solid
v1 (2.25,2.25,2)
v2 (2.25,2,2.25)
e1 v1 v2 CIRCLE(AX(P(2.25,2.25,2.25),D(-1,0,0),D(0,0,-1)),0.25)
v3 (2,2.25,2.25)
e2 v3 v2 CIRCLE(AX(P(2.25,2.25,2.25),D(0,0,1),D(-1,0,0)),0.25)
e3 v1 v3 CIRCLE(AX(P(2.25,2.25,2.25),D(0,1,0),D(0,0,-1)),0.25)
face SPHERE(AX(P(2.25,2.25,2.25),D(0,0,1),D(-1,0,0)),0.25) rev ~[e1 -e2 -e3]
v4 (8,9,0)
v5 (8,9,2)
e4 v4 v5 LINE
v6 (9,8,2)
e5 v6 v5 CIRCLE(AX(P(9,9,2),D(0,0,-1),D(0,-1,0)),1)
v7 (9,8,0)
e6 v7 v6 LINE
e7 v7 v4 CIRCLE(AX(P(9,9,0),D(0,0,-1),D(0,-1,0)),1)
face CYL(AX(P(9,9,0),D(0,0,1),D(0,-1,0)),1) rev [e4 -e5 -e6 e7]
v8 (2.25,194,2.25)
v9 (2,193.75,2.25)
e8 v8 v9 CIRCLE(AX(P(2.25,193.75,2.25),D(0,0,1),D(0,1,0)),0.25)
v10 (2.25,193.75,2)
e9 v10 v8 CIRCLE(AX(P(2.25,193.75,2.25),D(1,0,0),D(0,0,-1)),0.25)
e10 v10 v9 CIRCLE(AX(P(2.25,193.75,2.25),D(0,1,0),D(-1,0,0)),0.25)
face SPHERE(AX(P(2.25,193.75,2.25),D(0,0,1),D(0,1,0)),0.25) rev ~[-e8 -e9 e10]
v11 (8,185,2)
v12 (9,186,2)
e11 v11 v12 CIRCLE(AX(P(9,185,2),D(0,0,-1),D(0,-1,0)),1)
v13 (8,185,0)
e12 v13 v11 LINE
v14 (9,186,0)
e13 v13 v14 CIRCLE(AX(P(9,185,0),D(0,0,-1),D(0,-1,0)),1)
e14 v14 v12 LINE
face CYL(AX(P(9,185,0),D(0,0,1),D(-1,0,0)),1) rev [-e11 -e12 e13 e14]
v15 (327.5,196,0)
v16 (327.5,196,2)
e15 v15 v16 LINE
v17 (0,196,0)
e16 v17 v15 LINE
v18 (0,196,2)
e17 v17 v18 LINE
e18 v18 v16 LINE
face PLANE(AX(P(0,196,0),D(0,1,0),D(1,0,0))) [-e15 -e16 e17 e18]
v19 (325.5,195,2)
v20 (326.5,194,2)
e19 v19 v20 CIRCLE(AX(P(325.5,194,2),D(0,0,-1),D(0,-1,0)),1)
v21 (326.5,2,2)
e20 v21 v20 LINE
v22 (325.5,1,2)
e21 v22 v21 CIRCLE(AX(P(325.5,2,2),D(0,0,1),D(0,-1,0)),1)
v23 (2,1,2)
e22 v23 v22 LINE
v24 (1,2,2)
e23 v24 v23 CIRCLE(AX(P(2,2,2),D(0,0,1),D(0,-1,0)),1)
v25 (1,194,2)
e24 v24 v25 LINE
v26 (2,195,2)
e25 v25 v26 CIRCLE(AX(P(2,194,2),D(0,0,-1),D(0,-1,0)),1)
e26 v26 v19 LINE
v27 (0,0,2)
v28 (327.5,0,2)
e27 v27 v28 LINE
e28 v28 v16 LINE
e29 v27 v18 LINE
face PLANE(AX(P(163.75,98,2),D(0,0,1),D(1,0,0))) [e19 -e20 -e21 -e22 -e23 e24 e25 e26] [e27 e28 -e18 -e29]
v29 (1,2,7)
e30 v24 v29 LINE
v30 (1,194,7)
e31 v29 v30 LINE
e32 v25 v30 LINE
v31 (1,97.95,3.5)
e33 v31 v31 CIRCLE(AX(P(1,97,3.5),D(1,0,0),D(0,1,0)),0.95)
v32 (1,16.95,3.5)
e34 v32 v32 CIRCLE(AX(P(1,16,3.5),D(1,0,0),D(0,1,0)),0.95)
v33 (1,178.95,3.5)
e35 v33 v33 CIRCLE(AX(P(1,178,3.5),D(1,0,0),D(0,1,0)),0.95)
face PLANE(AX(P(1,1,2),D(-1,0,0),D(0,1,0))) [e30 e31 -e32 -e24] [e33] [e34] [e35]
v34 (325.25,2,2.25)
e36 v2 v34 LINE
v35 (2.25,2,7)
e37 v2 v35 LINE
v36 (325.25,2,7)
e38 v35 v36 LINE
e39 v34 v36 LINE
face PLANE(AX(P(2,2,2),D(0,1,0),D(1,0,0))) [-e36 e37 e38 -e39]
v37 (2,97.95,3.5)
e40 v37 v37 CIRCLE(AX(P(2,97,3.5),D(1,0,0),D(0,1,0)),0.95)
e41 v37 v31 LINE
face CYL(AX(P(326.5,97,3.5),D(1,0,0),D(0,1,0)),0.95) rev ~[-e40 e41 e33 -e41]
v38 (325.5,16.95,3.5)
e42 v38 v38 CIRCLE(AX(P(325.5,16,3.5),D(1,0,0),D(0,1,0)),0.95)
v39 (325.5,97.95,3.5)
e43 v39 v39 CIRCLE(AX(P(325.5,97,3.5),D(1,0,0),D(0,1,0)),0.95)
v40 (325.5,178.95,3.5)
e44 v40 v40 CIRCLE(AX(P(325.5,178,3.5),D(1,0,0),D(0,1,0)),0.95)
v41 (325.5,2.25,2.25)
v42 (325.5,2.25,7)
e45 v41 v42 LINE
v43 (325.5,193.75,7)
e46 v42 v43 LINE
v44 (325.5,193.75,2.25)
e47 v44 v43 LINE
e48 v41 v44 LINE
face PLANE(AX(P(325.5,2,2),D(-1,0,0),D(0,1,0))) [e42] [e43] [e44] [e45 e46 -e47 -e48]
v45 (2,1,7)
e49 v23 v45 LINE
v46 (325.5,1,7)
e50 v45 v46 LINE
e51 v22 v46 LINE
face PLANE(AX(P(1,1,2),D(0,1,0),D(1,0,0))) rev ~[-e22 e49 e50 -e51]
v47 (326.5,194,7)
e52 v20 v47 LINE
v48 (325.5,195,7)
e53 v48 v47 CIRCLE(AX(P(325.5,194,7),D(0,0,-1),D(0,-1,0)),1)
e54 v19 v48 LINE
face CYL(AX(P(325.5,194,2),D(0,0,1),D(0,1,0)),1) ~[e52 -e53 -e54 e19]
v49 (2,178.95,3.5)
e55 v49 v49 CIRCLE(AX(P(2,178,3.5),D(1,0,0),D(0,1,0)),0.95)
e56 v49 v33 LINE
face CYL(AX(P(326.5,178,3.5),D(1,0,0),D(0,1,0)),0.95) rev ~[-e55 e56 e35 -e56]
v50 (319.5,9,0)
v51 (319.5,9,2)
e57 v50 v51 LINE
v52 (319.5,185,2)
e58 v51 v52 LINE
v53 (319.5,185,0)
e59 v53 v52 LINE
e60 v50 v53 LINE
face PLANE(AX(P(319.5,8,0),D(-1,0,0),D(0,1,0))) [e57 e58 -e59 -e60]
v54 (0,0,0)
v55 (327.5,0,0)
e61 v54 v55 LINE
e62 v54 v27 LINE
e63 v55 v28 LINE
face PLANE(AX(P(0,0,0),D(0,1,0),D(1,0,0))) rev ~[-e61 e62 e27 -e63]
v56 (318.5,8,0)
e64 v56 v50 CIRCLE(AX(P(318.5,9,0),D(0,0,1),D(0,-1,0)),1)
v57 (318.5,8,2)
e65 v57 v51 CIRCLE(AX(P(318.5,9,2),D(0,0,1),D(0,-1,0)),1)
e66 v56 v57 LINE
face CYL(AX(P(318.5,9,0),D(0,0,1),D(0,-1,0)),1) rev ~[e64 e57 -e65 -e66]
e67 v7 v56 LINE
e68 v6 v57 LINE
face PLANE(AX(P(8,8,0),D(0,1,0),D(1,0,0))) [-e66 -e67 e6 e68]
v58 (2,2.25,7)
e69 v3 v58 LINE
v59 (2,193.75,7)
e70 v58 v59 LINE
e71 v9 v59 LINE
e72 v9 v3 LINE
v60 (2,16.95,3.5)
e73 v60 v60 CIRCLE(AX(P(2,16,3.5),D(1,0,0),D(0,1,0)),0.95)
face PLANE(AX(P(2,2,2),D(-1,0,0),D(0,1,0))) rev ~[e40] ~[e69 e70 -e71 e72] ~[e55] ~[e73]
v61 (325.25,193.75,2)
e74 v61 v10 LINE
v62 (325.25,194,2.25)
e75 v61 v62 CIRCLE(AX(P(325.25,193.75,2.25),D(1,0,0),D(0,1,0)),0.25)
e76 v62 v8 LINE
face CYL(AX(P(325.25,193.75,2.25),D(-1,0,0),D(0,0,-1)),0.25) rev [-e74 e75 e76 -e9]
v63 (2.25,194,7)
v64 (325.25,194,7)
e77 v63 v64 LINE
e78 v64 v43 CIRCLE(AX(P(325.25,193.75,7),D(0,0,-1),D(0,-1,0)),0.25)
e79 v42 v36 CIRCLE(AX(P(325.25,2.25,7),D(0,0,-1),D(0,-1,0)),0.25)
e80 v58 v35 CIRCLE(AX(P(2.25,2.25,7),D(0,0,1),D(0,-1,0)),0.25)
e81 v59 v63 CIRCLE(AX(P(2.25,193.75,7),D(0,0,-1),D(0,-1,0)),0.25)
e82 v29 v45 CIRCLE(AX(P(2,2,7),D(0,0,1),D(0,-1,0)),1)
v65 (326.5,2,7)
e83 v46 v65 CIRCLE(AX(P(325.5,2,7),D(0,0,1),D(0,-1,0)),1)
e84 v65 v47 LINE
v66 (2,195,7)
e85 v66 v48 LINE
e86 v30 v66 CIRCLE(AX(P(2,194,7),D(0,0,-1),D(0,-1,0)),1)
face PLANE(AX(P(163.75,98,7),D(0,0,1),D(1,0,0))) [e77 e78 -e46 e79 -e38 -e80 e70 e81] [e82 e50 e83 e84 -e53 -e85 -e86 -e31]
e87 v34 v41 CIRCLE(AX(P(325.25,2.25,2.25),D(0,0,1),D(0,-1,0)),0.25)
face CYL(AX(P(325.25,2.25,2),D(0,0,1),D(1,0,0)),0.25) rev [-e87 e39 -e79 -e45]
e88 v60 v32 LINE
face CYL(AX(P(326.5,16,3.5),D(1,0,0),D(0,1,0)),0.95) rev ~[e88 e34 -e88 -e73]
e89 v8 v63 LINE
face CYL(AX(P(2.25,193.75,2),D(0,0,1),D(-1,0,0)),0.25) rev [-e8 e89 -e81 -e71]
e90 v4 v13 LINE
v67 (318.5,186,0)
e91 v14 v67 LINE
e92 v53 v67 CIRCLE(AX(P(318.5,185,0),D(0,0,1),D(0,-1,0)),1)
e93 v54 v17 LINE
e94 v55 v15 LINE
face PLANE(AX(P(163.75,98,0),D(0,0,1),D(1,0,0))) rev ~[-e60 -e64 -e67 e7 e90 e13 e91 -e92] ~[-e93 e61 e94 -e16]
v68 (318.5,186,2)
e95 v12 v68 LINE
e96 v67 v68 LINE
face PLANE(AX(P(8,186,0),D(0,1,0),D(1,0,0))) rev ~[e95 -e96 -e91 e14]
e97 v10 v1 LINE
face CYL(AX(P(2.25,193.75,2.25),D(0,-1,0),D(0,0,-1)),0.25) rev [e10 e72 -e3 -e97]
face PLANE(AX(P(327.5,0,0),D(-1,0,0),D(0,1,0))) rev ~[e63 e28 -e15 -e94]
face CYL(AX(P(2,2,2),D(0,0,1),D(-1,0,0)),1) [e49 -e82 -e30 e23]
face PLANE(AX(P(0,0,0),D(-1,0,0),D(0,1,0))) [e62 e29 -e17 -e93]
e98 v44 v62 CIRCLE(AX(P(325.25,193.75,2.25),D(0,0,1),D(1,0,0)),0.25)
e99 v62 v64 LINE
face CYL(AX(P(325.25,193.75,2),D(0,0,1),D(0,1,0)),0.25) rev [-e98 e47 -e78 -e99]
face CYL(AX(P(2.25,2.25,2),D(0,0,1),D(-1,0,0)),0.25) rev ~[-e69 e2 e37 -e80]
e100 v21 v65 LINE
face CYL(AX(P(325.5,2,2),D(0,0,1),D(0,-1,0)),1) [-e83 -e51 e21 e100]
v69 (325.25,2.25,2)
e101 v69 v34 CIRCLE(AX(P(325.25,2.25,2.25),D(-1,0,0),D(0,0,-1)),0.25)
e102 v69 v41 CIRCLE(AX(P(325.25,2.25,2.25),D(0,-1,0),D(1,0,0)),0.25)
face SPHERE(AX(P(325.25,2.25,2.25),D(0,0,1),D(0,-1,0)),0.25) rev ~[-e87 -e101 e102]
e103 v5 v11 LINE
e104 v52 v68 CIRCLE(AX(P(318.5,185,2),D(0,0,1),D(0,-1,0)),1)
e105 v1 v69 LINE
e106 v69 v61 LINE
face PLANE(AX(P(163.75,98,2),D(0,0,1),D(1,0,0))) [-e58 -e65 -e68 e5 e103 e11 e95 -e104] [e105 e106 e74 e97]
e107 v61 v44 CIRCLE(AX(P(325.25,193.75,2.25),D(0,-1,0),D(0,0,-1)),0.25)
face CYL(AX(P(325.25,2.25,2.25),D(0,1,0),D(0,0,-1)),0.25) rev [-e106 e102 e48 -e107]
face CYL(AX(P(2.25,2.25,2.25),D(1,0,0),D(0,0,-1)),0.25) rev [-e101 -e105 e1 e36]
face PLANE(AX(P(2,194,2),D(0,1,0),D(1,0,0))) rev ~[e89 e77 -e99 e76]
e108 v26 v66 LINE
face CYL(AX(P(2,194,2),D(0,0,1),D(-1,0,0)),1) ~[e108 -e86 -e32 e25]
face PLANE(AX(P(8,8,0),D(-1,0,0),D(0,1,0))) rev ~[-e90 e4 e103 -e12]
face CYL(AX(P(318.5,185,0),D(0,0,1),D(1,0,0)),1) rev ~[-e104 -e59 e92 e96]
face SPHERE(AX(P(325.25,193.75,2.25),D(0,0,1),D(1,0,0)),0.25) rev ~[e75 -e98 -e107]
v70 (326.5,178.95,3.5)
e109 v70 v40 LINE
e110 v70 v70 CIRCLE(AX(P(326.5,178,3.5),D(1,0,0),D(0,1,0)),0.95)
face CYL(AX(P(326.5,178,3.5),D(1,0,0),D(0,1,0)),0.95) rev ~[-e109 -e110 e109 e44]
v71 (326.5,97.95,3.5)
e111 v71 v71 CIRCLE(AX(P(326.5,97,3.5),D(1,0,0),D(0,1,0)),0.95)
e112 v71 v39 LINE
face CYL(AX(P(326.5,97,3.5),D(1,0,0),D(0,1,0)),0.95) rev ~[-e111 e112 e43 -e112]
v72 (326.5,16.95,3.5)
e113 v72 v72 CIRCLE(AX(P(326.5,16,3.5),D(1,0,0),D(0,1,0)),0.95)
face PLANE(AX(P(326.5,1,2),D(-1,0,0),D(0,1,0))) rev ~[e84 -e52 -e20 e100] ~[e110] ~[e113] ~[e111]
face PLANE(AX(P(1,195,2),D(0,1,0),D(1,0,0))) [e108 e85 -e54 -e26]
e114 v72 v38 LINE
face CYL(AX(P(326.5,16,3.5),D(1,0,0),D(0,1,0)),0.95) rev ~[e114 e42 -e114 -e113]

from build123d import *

# Parameters (mm, degrees)
SKETCH_W            = 327.5
SKETCH_H            = 196
SKETCH_W_2          = 311.5
SKETCH_H_2          = 178
PAD_DEPTH           = 2
SKETCH002_W         = 325.5
SKETCH002_H         = 194
SKETCH002_W_2       = 323.5
SKETCH002_H_2       = 192
PAD001_DEPTH        = 5
SKETCH005_R         = 0.95
POCKET_DEPTH        = 326.501
LINEARPATTERN_COUNT = 3
LINEARPATTERN_PITCH = 81
FILLET_R            = 0.25
FILLET001_R         = 1
FILLET002_R         = 0.25
FILLET003_R         = 1


with BuildPart() as part:
    # Sketch → Pad (new body)
    with BuildSketch(Plane.XY):
        with Locations((163.75, 98)):
            Rectangle(SKETCH_W, SKETCH_H)
        with Locations((163.75, 97)):
            Rectangle(SKETCH_W_2, SKETCH_H_2, mode=Mode.SUBTRACT)
    extrude(amount=PAD_DEPTH)

    # Sketch002 (on Face10 of Pad) → Pad001 (join)
    with BuildSketch(Plane.XY.offset(2)):
        with Locations((163.75, 98)):
            Rectangle(SKETCH002_W, SKETCH002_H)
        with Locations((163.75, 98)):
            Rectangle(SKETCH002_W_2, SKETCH002_H_2, mode=Mode.SUBTRACT)
    extrude(amount=PAD001_DEPTH)

    # Sketch005 (on Face12 of Pad001) → Pocket (cut, through all)
    with BuildSketch(Plane.YZ.offset(326.5)):
        with Locations((16, 3.5)):
            Circle(SKETCH005_R)
    pocket = extrude(amount=-POCKET_DEPTH, mode=Mode.SUBTRACT)

    # LinearPattern: Pocket ×3
    with Locations(*[(0, i * LINEARPATTERN_PITCH, 0) for i in range(1, LINEARPATTERN_COUNT)]):
        add(pocket, mode=Mode.SUBTRACT)

    # Fillet
    fillet_edges = [part.edges().sort_by_distance(p)[0] for p in [
        (2, 194, 4.5),
        (2, 2, 4.5),
        (325.5, 2, 4.5),
        (325.5, 194, 4.5),
    ]]
    fillet(fillet_edges, radius=FILLET_R)

    # Fillet001
    fillet001_edges = [part.edges().sort_by_distance(p)[0] for p in [
        (319.5, 186, 1),
        (319.5, 8, 1),
        (8, 186, 1),
        (8, 8, 1),
    ]]
    fillet(fillet001_edges, radius=FILLET001_R)

    # Fillet002
    fillet002_edges = [part.edges().sort_by_distance(p)[0] for p in [
        (163.75, 2, 2),
        (325.5, 98, 2),
        (163.75, 194, 2),
        (2, 98, 2),
        (2.073223, 193.926777, 2),
        (2.073223, 2.073223, 2),
        (325.426777, 2.073223, 2),
        (325.426777, 193.926777, 2),
    ]]
    fillet(fillet002_edges, radius=FILLET002_R)

    # Fillet003
    fillet003_edges = [part.edges().sort_by_distance(p)[0] for p in [
        (326.5, 1, 4.5),
        (326.5, 195, 4.5),
        (1, 1, 4.5),
        (1, 195, 4.5),
    ]]
    fillet(fillet003_edges, radius=FILLET003_R)


solid = part.part
